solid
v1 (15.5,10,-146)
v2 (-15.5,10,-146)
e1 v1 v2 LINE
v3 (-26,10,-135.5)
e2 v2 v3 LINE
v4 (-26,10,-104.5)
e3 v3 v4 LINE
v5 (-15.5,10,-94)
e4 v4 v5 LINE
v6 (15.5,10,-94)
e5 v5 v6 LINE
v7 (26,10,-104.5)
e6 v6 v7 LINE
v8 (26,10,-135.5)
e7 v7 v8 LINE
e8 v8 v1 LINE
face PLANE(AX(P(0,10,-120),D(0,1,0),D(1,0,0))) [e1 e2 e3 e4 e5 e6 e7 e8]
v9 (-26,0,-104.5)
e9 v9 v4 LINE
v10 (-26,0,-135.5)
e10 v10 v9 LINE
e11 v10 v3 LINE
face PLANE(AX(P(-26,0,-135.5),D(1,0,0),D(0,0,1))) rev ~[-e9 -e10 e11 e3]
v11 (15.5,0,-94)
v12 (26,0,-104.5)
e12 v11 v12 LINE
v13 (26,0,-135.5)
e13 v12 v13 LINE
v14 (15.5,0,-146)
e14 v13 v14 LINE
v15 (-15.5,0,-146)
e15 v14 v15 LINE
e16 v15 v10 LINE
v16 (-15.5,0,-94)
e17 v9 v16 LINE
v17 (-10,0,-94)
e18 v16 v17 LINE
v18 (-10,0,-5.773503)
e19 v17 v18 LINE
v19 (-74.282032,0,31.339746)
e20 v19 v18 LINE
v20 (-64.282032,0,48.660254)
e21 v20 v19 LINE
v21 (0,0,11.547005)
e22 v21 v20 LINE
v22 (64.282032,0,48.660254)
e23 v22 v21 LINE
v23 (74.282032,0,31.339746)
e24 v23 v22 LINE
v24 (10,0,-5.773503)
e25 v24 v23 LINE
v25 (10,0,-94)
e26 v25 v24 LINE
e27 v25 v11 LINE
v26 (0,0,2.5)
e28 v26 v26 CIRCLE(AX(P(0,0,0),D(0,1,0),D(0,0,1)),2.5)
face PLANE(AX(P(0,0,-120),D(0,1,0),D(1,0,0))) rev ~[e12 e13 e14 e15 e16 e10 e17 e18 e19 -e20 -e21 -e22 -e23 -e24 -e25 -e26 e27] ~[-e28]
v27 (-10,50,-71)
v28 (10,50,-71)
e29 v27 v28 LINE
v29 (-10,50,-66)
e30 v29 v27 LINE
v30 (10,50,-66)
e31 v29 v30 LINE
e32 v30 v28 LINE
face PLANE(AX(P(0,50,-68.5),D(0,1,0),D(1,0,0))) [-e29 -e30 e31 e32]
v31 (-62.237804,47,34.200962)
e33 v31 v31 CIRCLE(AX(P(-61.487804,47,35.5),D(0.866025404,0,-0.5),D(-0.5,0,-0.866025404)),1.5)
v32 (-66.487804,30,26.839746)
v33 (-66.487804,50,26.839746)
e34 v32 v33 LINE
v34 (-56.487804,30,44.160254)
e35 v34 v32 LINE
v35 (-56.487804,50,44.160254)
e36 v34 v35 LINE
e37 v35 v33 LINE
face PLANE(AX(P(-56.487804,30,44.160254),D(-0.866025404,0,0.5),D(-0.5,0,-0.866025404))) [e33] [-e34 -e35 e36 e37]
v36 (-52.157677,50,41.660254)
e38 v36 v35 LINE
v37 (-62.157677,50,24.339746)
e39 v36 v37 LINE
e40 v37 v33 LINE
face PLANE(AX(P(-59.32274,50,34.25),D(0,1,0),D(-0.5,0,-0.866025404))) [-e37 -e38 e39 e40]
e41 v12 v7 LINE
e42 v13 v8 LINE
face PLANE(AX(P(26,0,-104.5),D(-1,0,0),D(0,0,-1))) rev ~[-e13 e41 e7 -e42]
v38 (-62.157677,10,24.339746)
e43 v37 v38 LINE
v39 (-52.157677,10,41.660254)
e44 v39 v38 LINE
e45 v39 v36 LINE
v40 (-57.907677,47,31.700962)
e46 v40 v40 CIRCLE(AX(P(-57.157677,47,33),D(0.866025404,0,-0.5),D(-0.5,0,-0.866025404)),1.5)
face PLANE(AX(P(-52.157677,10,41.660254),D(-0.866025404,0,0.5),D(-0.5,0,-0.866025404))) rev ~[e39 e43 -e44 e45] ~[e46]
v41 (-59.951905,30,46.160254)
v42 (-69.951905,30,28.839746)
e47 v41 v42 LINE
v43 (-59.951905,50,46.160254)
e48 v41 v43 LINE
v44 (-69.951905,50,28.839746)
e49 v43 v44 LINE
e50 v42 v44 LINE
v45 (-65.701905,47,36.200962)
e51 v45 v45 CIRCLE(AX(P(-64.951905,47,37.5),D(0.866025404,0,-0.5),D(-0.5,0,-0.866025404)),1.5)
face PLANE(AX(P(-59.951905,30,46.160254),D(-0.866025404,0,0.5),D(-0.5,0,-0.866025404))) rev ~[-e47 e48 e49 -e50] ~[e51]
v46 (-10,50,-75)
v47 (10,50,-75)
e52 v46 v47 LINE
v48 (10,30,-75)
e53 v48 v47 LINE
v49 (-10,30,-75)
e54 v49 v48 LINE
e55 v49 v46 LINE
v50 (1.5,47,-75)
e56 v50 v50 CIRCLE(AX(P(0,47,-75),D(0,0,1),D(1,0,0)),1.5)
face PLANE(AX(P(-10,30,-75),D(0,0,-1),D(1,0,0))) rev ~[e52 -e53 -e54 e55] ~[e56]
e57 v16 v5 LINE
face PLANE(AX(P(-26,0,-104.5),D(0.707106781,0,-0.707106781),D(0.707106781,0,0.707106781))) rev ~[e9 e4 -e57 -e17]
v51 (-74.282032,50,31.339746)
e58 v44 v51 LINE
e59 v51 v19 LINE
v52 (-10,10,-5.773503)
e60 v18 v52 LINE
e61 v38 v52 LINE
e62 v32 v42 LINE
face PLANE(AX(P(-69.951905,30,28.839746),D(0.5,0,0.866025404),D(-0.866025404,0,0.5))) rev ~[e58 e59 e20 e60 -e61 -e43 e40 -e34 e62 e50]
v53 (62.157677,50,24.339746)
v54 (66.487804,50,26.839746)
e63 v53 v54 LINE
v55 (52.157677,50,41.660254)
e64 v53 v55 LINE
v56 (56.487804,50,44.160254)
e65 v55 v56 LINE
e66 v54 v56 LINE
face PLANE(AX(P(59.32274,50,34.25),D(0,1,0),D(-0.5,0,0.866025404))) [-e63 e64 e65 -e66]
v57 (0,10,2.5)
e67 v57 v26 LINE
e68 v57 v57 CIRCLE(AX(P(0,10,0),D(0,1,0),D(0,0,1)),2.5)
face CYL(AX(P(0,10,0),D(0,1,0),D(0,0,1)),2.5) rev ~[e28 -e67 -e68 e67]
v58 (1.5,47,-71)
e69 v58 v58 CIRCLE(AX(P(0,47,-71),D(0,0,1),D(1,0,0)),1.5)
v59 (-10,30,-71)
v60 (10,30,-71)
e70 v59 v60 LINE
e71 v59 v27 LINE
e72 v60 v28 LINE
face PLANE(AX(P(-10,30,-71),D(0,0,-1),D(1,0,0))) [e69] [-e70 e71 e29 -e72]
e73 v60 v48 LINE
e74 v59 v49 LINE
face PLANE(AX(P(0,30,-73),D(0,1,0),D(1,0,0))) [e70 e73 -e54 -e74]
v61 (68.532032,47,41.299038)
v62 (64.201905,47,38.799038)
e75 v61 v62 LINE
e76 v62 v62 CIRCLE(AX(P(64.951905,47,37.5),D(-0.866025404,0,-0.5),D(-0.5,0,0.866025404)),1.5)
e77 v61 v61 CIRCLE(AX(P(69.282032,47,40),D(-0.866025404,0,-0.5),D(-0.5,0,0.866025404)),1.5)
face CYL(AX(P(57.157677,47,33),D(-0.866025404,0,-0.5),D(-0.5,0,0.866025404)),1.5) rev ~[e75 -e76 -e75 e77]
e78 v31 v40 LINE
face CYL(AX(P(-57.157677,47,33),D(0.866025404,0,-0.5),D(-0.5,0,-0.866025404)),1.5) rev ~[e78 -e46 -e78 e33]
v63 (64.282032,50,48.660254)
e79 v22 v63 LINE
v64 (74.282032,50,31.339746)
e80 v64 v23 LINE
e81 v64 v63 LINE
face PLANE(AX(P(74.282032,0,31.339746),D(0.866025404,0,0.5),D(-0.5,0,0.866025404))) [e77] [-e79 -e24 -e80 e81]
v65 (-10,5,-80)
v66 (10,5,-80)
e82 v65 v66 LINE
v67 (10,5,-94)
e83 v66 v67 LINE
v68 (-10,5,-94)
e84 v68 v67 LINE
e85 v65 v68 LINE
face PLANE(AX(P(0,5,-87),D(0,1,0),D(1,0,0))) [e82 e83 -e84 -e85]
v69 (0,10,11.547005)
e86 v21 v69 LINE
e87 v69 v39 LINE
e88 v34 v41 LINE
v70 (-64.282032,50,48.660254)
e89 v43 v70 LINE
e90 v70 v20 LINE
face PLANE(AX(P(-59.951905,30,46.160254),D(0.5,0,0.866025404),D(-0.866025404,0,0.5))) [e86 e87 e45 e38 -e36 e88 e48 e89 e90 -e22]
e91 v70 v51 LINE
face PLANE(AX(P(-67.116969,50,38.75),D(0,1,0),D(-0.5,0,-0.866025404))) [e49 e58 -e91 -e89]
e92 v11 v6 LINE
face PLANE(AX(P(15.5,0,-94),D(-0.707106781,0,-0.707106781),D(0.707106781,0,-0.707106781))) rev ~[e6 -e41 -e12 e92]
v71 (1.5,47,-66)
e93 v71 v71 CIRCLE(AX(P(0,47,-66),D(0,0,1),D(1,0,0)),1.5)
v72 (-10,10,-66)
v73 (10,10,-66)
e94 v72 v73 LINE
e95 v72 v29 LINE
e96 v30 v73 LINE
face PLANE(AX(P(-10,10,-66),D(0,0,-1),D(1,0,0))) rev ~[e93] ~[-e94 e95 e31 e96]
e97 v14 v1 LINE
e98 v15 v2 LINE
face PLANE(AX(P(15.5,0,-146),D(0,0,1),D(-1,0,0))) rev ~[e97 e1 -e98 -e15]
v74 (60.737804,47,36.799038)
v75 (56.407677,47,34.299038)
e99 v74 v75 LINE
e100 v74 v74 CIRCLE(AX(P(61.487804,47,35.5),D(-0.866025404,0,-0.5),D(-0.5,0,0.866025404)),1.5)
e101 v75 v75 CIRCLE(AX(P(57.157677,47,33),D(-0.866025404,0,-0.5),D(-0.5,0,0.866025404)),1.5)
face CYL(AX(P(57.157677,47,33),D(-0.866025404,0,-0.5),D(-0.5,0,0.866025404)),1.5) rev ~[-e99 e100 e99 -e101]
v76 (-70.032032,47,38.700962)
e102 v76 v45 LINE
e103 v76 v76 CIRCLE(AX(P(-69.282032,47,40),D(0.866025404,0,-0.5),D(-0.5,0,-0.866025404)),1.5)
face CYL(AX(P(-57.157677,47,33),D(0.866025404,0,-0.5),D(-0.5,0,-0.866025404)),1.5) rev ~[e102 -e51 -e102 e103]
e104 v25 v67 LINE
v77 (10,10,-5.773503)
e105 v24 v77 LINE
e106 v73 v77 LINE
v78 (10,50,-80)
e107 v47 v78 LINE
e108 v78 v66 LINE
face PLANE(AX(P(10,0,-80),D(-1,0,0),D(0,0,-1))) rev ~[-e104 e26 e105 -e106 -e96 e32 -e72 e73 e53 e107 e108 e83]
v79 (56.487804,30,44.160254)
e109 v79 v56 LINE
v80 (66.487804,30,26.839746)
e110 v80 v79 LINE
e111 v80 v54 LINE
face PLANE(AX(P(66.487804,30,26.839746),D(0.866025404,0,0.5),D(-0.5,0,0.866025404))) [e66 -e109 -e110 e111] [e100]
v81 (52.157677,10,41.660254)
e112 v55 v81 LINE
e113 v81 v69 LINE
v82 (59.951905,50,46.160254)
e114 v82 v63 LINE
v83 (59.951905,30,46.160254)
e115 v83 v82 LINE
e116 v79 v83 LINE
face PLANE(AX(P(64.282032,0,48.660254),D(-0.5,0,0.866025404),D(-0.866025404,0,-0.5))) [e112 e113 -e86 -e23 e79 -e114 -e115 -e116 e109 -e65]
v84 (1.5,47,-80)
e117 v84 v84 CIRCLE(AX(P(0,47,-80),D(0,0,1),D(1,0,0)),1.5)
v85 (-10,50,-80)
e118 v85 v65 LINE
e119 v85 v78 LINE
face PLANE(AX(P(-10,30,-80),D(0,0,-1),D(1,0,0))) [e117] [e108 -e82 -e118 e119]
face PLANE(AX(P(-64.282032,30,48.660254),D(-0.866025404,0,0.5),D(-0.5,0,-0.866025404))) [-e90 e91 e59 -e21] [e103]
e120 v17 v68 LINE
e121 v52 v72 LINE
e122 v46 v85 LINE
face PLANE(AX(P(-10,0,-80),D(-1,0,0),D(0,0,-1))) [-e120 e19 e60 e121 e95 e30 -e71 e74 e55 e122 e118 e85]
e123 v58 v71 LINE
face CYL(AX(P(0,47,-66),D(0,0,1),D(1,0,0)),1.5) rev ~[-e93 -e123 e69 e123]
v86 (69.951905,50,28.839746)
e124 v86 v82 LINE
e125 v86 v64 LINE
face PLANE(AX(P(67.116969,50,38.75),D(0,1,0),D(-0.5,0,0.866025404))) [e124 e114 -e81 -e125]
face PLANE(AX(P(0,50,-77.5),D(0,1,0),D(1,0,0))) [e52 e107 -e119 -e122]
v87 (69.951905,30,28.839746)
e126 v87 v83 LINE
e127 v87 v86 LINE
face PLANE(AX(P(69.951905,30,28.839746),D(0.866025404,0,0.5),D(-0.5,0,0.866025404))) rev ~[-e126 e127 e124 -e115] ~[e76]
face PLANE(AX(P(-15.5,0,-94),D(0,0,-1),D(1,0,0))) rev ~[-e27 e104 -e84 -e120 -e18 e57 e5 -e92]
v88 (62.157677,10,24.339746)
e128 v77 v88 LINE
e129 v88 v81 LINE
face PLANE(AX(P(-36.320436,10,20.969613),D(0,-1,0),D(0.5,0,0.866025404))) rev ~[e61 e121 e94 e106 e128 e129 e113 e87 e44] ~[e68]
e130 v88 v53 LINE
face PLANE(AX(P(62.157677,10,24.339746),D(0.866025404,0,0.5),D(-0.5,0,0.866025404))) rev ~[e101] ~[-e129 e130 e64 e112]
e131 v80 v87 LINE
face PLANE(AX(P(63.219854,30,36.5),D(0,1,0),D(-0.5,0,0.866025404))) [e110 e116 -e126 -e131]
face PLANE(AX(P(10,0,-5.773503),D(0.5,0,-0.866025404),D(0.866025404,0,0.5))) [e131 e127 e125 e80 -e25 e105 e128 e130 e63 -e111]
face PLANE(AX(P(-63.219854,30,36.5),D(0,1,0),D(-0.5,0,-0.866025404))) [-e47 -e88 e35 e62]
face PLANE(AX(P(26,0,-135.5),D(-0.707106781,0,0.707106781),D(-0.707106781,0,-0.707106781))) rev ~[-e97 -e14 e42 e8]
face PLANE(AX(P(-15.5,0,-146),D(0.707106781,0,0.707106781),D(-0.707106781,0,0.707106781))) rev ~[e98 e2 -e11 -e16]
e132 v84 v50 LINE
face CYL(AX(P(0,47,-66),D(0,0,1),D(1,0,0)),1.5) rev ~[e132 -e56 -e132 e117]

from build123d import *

# Parameters (mm, degrees)
BOSS_EXTRUDE1_DEPTH = 10
SKETCH2_W           = 20
SKETCH2_H           = 14
BOSS_EXTRUDE2_DEPTH = 20
SKETCH3_W           = 20
SKETCH3_H           = 5
BOSS_EXTRUDE3_DEPTH = 20
SKETCH4_R           = 1.5
CUT_EXTRUDE1_DEPTH  = 84.402637848
CIRPATTERN1_COUNT   = 3
SKETCH5_R           = 2.5
CUT_EXTRUDE2_DEPTH  = 117.266161556
SKETCH8_W           = 20
SKETCH8_H           = 14
BOSS_EXTRUDE7_DEPTH = 5
BOSS_EXTRUDE8_DEPTH = 10


with BuildPart() as part:
    # Sketch1 → Boss-Extrude1 (new body)
    with BuildSketch(Plane(origin=(0, 0, 0), x_dir=(1, 0, 0), z_dir=(0, 1, 0))):
        Polygon((0, 0), (-10, 5.773502692), (-10, 80), (10, 80), (10, 5.773502692), align=None)
    boss_extrude1 = extrude(amount=BOSS_EXTRUDE1_DEPTH)

    # Sketch2 → Boss-Extrude2 (add)
    with BuildSketch(Plane(origin=(0, 10, 0), x_dir=(1, 0, 0), z_dir=(0, 1, 0))):
        with Locations((0, 73)):
            Rectangle(SKETCH2_W, SKETCH2_H)
    boss_extrude2 = extrude(amount=BOSS_EXTRUDE2_DEPTH)

    # Sketch3 → Boss-Extrude3 (add)
    with BuildSketch(Plane(origin=(0, 30, 0), x_dir=(1, 0, 0), z_dir=(0, 1, 0))):
        with Locations((0, 77.5)):
            Rectangle(SKETCH3_W, SKETCH3_H)
        with Locations((0, 68.5)):
            Rectangle(SKETCH3_W, SKETCH3_H)
    boss_extrude3 = extrude(amount=BOSS_EXTRUDE3_DEPTH)

    # Sketch4 → Cut-Extrude1 (cut, symmetric)
    with BuildSketch(Plane.XY.offset(-66)):
        with Locations((0, 47)):
            Circle(SKETCH4_R)
    cut_extrude1 = extrude(amount=CUT_EXTRUDE1_DEPTH, both=True, mode=Mode.SUBTRACT)

    # CirPattern1: Boss-Extrude1, Boss-Extrude2, Boss-Extrude3, Cut-Extrude1 ×3 about axis
    cirpattern1_axis = Axis((0, 0, 0), (0, 1, 0))
    add([boss_extrude1.rotate(cirpattern1_axis, i * 360 / CIRPATTERN1_COUNT) for i in range(1, CIRPATTERN1_COUNT)])
    add([boss_extrude2.rotate(cirpattern1_axis, i * 360 / CIRPATTERN1_COUNT) for i in range(1, CIRPATTERN1_COUNT)])
    add([boss_extrude3.rotate(cirpattern1_axis, i * 360 / CIRPATTERN1_COUNT) for i in range(1, CIRPATTERN1_COUNT)])
    add([cut_extrude1.rotate(cirpattern1_axis, i * 360 / CIRPATTERN1_COUNT) for i in range(1, CIRPATTERN1_COUNT)], mode=Mode.SUBTRACT)

    # Sketch5 → Cut-Extrude2 (cut, through all)
    with BuildSketch(Plane(origin=(0, 10, 0), x_dir=(1, 0, 0), z_dir=(0, 1, 0))):
        with Locations(Location((0, 0, 0), (0, 0, 270))):
            Circle(SKETCH5_R)
    extrude(amount=-CUT_EXTRUDE2_DEPTH, mode=Mode.SUBTRACT)

    # Sketch8 → Boss-Extrude7 (add)
    with BuildSketch(Plane(origin=(0, 0, 0), x_dir=(1, 0, 0), z_dir=(0, 1, 0))):
        with Locations((0, 87)):
            Rectangle(SKETCH8_W, SKETCH8_H)
    extrude(amount=BOSS_EXTRUDE7_DEPTH)

    # Sketch11 → Boss-Extrude8 (add)
    with BuildSketch(Plane(origin=(0, 0, 0), x_dir=(1, 0, 0), z_dir=(0, 1, 0))):
        Polygon((-15.5, 94), (15.5, 94), (26, 104.5), (26, 135.5), (15.5, 146), (-15.5, 146), (-26, 135.5), (-26, 104.5), align=None)
    extrude(amount=BOSS_EXTRUDE8_DEPTH)


solid = part.part
